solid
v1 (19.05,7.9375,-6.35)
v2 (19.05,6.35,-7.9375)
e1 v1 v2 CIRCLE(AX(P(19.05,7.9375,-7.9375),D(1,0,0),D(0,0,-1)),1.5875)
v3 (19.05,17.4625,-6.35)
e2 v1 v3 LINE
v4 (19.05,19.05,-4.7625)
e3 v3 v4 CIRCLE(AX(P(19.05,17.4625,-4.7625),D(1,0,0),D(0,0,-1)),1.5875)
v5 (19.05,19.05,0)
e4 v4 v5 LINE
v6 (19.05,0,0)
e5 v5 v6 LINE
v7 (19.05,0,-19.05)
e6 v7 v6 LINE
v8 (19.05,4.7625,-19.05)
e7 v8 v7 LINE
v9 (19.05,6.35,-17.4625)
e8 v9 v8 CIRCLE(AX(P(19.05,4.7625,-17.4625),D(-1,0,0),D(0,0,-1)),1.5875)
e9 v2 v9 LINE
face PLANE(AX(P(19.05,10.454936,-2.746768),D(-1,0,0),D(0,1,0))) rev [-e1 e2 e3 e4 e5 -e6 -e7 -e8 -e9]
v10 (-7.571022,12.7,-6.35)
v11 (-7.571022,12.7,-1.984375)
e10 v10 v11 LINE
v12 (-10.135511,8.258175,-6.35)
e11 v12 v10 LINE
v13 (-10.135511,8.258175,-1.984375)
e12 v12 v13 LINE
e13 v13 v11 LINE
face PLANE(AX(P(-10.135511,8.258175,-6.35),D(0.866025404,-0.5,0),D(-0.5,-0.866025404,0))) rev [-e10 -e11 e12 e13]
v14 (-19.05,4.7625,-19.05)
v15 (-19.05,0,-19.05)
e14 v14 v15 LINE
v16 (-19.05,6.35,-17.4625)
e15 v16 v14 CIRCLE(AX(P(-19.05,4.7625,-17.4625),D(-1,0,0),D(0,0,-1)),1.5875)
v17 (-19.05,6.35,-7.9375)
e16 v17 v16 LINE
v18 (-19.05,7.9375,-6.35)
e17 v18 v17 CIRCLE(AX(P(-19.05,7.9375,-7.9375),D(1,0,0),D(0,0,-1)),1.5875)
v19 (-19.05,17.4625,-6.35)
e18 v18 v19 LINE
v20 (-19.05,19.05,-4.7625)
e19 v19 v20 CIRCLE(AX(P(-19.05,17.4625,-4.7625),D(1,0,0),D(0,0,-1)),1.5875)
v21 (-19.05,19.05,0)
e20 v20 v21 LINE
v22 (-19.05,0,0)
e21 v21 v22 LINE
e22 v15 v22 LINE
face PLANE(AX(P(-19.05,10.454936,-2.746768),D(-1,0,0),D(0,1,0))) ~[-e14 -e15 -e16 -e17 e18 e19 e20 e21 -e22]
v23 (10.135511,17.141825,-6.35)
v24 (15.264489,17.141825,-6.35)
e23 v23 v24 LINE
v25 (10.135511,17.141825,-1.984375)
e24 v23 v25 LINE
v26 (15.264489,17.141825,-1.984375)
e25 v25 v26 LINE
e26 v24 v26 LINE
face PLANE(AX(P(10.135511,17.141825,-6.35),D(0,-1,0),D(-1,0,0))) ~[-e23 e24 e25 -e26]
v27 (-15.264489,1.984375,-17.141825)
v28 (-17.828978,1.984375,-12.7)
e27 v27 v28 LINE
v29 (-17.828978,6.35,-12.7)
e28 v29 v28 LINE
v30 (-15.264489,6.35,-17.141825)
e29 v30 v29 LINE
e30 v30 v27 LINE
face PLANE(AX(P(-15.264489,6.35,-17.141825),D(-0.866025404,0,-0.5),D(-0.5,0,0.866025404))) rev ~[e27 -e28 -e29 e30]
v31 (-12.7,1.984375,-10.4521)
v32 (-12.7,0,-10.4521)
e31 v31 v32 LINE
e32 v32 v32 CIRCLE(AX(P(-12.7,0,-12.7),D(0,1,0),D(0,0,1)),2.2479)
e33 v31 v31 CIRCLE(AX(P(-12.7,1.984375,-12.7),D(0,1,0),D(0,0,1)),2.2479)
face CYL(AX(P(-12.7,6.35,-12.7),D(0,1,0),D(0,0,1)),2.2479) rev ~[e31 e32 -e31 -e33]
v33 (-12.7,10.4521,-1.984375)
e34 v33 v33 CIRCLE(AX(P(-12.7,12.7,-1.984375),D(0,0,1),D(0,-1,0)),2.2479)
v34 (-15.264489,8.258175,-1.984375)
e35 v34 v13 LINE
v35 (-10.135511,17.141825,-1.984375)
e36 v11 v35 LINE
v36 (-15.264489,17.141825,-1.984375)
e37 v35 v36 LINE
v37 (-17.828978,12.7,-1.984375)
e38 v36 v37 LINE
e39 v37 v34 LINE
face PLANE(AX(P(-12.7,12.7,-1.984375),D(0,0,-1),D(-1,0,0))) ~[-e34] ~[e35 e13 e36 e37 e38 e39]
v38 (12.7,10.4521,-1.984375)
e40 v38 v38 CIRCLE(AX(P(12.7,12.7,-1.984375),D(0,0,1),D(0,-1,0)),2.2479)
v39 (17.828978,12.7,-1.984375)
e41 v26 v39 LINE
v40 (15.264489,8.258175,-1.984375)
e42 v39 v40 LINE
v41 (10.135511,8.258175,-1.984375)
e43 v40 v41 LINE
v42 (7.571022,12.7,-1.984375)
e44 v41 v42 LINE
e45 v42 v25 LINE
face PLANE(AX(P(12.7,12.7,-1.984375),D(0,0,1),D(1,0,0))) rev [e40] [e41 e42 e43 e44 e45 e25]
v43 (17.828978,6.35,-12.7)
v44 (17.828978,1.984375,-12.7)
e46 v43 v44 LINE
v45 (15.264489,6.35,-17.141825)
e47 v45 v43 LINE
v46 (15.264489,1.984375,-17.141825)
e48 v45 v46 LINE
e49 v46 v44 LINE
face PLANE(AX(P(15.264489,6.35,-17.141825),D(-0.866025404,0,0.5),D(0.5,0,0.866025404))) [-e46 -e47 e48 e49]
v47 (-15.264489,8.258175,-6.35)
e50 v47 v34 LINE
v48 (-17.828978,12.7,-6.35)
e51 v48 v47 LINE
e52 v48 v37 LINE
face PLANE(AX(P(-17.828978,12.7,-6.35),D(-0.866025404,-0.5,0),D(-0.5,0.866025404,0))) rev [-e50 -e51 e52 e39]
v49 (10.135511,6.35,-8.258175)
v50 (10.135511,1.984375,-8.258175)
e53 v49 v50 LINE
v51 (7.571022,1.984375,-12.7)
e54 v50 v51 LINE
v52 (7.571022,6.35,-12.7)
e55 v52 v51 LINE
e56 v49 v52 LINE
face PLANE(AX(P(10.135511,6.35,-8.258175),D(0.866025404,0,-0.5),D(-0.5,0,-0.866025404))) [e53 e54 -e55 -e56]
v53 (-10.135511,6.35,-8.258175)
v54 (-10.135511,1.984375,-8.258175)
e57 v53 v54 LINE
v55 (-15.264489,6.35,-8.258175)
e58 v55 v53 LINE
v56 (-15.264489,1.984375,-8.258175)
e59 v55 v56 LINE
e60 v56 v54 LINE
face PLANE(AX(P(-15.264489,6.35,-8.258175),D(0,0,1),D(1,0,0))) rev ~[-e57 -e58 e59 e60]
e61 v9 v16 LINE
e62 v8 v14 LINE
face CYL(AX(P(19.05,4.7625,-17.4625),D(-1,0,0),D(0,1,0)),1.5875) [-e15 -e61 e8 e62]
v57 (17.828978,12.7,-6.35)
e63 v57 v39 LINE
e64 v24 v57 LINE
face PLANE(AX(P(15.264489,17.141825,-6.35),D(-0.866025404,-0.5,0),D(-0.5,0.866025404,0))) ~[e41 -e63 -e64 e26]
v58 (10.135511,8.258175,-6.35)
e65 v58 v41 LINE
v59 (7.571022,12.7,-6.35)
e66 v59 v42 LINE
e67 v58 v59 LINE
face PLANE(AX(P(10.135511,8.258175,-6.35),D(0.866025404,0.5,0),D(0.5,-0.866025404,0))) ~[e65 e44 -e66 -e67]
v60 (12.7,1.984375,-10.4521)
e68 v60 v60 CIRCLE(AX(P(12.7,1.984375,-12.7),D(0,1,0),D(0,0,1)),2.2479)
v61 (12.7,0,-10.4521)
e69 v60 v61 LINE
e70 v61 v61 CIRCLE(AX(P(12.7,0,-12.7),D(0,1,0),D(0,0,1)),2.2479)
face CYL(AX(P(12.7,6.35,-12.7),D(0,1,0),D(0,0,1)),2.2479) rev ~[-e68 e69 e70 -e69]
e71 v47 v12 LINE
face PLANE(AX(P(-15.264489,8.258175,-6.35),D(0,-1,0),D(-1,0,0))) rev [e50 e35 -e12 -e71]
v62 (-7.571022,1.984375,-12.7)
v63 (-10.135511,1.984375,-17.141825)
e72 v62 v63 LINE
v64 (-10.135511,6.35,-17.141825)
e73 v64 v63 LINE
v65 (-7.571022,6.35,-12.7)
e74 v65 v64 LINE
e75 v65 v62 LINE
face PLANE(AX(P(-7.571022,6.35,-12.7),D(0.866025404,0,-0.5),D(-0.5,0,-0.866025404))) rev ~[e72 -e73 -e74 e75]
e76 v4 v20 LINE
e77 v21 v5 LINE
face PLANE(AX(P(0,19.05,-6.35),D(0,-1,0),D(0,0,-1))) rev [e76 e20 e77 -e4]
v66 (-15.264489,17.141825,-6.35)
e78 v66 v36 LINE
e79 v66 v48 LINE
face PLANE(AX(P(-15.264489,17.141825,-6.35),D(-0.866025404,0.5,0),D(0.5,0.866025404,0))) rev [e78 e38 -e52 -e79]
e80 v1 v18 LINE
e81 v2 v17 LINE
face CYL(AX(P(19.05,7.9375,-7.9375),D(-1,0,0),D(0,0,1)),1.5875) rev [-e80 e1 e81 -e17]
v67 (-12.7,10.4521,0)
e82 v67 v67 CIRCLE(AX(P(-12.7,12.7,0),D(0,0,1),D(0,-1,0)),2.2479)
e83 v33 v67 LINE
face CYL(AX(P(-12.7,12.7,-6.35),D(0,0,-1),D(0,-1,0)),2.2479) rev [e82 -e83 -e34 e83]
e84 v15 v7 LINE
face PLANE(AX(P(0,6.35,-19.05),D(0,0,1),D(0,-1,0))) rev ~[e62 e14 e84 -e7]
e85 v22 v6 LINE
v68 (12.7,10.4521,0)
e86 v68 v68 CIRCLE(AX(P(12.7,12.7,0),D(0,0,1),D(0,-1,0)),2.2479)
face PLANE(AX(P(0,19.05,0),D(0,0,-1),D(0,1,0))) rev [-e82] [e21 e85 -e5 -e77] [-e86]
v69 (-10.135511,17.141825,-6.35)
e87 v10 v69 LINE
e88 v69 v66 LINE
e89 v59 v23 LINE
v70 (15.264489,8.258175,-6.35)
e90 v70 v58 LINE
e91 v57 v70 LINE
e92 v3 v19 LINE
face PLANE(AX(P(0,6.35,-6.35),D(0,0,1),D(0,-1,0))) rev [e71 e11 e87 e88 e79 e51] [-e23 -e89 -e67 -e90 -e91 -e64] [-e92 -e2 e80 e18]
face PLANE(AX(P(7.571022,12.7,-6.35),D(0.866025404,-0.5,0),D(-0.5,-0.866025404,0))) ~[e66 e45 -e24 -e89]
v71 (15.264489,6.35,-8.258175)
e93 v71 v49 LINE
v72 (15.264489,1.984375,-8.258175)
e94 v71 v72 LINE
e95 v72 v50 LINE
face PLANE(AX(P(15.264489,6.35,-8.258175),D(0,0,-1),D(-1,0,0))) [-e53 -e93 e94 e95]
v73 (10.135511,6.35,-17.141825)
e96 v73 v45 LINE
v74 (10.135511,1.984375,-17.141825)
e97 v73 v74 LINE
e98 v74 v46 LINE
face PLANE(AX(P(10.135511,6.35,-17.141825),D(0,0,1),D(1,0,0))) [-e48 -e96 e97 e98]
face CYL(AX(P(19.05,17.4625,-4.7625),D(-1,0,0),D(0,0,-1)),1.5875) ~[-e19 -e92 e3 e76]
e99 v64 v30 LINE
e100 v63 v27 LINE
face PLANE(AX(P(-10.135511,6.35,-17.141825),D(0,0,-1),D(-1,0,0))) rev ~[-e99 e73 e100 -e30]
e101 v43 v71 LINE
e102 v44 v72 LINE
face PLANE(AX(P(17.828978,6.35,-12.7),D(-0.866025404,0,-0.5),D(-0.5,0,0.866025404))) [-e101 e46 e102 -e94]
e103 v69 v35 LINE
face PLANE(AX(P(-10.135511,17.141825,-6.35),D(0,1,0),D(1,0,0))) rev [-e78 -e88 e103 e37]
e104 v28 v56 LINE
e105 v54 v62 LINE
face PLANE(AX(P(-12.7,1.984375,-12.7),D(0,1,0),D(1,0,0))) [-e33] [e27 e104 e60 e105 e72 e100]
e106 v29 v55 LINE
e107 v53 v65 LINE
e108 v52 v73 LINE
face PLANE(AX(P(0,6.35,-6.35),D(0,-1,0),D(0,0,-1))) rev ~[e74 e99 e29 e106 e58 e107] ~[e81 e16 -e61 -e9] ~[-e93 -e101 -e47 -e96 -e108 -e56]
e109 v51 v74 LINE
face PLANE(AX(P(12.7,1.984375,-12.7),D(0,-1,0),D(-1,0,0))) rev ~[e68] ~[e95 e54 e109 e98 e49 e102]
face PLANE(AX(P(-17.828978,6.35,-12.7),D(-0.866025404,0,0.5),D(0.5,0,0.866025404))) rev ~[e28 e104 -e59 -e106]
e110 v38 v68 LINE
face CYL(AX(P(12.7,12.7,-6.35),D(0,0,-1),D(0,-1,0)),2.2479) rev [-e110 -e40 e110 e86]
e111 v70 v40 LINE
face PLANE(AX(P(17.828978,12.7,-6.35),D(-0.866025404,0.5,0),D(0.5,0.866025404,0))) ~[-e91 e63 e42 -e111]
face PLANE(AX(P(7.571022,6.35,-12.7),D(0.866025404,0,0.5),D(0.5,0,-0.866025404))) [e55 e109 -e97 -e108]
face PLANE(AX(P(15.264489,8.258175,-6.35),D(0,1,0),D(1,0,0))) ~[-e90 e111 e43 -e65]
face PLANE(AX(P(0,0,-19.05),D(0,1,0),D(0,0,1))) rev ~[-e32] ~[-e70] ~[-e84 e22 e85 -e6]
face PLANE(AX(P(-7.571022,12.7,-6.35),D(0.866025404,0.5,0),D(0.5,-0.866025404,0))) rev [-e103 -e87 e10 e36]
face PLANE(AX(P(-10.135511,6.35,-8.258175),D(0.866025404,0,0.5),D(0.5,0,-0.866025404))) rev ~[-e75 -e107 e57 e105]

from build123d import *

# Parameters (mm, degrees)
BOSS_EXTRUDE1_DEPTH = 19.05
SKETCH2_R           = 2.2479
CUT_EXTRUDE1_DEPTH  = 4.365625
SKETCH2_2_R         = 2.2479
CUT_EXTRUDE2_DEPTH  = 28.679008291
FILLET1_R           = 1.5875
FILLET2_R           = 1.5875


with BuildPart() as part:
    # Sketch1 → Boss-Extrude1 (new, symmetric)
    with BuildSketch(Plane(origin=(0, 0, 0), x_dir=(0, 0, -1), z_dir=(1, 0, 0))):
        Polygon((0, 0), (6.35, 6.35), (19.05, 6.35), (19.05, 0), align=None)
    extrude(amount=BOSS_EXTRUDE1_DEPTH, both=True)

    # Sketch2 → Cut-Extrude1 (cut)
    # profile 1 of 2: a face of its own
    with BuildSketch(Plane(origin=(0, 6.35, 0), x_dir=(1, 0, 0), z_dir=(0, 1, 0))):
        Polygon((-17.828977719, 12.7), (-15.264488859, 8.258175), (-10.135511141, 8.258175), (-7.571022281, 12.7), (-10.135511141, 17.141825), (-15.264488859, 17.141825), align=None)
        with Locations((-12.7, 12.7)):
            Circle(SKETCH2_R, mode=Mode.SUBTRACT)
    # profile 2 of 2: a face of its own
    with BuildSketch(Plane(origin=(0, 6.35, 0), x_dir=(1, 0, 0), z_dir=(0, 1, 0))):
        Polygon((15.264488859, 17.141825), (17.828977719, 12.7), (15.264488859, 8.258175), (10.135511141, 8.258175), (7.571022281, 12.7), (10.135511141, 17.141825), align=None)
        with Locations((12.7, 12.7)):
            Circle(SKETCH2_R, mode=Mode.SUBTRACT)
    extrude(amount=-CUT_EXTRUDE1_DEPTH, mode=Mode.SUBTRACT)

    # Sketch2<2> → Cut-Extrude2 (cut, through all)
    with BuildSketch(Plane(origin=(0, 6.35, 0), x_dir=(1, 0, 0), z_dir=(0, 1, 0))):
        with Locations((-12.7, 12.7)):
            Circle(SKETCH2_2_R)
        with Locations((12.7, 12.7)):
            Circle(SKETCH2_2_R)
    extrude(amount=-CUT_EXTRUDE2_DEPTH, mode=Mode.SUBTRACT)

    # Mirror1: part across plane


with BuildPart() as part_1:
    add(part.part)
    add(part.part.mirror(Plane(origin=(19.05, 0, 0), x_dir=(0, -0.707106781186549, 0.707106781186546), z_dir=(0, -0.7071067811865462, -0.7071067811865489))))

    # Fillet1
    fillet1_edges = [part_1.edges().sort_by_distance(p)[0] for p in [
        (0, 6.35, -6.35),
    ]]
    fillet(fillet1_edges, radius=FILLET1_R)

    # Fillet2
    fillet2_edges = [part_1.edges().sort_by_distance(p)[0] for p in [
        (0, 6.35, -19.05),
        (0, 19.05, -6.35),
    ]]
    fillet(fillet2_edges, radius=FILLET2_R)


solid = part_1.part
